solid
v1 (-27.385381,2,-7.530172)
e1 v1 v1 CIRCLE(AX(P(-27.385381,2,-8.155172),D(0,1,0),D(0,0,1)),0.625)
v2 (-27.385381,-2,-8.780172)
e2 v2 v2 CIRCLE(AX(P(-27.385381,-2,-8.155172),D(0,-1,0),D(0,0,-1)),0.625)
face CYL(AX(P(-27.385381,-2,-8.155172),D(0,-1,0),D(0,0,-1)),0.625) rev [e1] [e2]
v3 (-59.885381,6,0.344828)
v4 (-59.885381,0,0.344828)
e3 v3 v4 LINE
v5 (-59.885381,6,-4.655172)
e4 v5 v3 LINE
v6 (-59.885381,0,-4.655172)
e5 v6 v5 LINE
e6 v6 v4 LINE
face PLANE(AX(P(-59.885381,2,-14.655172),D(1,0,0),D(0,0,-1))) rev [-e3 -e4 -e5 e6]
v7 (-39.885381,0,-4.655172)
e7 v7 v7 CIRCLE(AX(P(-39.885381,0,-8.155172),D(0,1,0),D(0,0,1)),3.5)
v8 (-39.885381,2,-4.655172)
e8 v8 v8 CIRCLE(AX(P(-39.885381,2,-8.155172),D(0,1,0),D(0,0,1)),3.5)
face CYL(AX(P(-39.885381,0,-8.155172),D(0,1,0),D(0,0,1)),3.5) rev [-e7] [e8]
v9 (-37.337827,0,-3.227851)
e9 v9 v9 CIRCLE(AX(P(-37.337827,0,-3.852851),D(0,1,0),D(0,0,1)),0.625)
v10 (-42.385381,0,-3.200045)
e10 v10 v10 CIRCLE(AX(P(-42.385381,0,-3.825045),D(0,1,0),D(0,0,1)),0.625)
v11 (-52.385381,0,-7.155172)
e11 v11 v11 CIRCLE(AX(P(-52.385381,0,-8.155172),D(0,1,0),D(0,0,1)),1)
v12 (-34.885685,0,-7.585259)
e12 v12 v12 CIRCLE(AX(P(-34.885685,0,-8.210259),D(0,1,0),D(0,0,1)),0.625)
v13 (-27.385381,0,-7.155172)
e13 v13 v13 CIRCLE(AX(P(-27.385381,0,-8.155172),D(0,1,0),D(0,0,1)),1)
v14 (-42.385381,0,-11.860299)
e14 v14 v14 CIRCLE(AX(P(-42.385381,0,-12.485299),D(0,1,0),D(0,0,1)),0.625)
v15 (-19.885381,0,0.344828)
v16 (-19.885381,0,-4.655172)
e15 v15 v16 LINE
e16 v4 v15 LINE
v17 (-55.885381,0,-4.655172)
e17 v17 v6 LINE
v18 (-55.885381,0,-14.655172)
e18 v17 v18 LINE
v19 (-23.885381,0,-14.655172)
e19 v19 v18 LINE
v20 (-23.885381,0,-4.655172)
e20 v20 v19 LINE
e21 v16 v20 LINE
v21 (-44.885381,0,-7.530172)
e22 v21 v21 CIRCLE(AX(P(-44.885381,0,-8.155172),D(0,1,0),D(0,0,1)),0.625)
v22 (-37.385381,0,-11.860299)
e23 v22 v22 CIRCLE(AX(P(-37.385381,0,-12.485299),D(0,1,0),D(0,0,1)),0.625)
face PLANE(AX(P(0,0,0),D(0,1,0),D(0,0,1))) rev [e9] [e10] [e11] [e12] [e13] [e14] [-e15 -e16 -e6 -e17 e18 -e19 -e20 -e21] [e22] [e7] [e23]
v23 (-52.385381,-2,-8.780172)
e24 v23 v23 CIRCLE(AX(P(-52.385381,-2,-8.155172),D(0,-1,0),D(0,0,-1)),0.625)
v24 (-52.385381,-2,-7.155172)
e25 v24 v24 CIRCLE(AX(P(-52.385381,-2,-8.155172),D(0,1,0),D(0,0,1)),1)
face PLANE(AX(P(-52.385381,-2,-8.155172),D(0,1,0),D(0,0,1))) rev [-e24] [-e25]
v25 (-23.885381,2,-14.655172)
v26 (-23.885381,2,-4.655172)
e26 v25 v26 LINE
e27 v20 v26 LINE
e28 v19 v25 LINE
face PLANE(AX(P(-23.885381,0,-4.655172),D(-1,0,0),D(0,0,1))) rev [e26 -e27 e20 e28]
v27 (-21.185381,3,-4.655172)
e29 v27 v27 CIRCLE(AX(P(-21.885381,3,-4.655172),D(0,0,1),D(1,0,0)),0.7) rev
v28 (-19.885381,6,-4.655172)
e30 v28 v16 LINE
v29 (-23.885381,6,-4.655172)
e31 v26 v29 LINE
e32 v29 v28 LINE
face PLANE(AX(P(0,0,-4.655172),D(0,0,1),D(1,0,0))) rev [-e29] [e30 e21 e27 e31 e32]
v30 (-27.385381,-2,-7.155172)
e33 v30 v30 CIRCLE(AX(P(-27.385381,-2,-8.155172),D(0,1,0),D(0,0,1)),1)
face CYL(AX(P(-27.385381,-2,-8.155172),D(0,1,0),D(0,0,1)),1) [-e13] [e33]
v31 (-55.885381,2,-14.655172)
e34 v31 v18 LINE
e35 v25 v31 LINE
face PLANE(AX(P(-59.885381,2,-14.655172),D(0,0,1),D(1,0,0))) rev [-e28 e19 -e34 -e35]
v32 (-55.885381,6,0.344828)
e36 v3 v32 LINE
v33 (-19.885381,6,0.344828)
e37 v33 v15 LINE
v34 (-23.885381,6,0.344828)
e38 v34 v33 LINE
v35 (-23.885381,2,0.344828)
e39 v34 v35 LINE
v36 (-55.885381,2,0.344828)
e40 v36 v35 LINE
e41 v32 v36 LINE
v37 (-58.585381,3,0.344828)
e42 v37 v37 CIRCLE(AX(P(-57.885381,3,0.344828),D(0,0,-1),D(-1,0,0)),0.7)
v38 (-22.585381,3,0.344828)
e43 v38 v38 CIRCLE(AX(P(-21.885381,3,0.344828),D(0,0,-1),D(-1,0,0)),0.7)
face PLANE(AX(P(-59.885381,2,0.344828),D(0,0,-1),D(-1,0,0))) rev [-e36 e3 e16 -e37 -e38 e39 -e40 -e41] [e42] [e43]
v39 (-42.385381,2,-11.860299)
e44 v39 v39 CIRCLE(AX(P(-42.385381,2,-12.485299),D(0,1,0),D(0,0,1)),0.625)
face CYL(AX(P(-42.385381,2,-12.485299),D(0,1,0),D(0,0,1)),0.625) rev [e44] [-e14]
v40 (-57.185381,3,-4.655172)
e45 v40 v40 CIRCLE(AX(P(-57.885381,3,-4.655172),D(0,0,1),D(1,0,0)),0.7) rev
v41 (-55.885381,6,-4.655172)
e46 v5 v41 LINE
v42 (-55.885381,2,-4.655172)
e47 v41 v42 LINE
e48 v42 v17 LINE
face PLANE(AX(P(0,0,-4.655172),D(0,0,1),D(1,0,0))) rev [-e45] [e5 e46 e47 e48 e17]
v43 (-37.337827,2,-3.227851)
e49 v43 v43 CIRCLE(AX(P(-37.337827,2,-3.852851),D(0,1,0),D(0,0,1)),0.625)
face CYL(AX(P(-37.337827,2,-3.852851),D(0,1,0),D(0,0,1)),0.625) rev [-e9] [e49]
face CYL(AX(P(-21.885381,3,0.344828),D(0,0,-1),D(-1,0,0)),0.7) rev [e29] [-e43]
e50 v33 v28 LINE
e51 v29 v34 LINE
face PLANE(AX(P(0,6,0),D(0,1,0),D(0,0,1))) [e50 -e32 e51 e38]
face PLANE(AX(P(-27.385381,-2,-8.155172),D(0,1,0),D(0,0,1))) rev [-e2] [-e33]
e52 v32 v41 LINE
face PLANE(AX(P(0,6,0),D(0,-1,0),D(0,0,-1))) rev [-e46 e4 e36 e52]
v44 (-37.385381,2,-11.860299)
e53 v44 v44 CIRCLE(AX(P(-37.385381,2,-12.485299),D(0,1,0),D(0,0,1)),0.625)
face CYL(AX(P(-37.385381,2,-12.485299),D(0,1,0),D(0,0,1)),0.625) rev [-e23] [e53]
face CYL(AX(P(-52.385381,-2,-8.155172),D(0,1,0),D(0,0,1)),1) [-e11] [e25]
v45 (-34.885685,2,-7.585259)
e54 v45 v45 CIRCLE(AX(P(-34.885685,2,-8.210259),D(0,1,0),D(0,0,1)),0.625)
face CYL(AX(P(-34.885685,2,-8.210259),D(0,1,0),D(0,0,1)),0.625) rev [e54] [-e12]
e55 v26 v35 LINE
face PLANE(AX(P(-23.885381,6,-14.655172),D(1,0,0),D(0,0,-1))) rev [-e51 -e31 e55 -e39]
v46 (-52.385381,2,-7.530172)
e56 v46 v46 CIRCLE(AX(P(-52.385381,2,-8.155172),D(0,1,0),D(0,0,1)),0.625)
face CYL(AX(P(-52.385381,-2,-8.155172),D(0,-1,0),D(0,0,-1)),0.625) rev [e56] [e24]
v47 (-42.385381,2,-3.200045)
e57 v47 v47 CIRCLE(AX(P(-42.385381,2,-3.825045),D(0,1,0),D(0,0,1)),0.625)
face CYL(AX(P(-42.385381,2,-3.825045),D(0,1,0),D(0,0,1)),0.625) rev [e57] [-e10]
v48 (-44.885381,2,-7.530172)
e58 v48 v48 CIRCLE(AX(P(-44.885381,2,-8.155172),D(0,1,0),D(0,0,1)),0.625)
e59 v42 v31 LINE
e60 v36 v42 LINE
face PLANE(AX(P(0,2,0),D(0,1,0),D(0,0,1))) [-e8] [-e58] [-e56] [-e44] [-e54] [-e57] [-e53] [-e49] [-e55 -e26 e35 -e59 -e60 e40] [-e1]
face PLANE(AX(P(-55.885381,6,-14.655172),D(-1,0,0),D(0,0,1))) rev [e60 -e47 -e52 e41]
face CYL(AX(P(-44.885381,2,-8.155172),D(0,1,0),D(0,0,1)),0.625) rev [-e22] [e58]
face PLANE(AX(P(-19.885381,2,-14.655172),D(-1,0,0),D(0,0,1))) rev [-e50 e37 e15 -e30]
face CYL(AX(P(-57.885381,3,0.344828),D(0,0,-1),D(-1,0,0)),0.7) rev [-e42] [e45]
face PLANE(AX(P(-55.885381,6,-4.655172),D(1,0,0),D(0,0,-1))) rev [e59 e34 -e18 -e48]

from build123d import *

# Parameters (mm, degrees)
SKETCH1_W                = 40
SKETCH1_H                = 15
BOSS_EXTRUDE1_DEPTH      = 2
SKETCH2_R                = 3.5
CUT_EXTRUDE1_DEPTH       = 2
SKETCH3_W                = 4
SKETCH3_H                = 15
BOSS_EXTRUDE2_DEPTH      = 4
SKETCH4_R                = 0.7
CUT_EXTRUDE2_DEPTH       = 63.0262757
M1_6X0_35_TAPPED_HOLE5_D = 1.25
SKETCH38_R               = 1
BOSS_EXTRUDE4_DEPTH      = 4
M1_6X0_35_TAPPED_HOLE9_D = 1.25
SKETCH41_W               = 4
SKETCH41_H               = 6
CUT_EXTRUDE3_DEPTH       = 10


with BuildPart() as part:
    # Sketch1 → Boss-Extrude1 (new body)
    with BuildSketch(Plane(origin=(0, 0, 0), x_dir=(1, 0, 0), z_dir=(0, 1, 0))):
        with Locations((-39.885381165, 7.155172414)):
            Rectangle(SKETCH1_W, SKETCH1_H)
    extrude(amount=BOSS_EXTRUDE1_DEPTH)

    # Sketch2 → Cut-Extrude1 (cut)
    with BuildSketch(Plane(origin=(0, 2, 0), x_dir=(1, 0, 0), z_dir=(0, 1, 0))):
        with Locations((-39.885381165, 8.155172414)):
            Circle(SKETCH2_R)
    extrude(amount=-CUT_EXTRUDE1_DEPTH, mode=Mode.SUBTRACT)

    # Sketch3 → Boss-Extrude2 (add)
    with BuildSketch(Plane(origin=(0, 2, 0), x_dir=(1, 0, 0), z_dir=(0, 1, 0))):
        with Locations((-57.885381165, 7.155172414)):
            Rectangle(SKETCH3_W, SKETCH3_H)
        with Locations((-21.885381165, 7.155172414)):
            Rectangle(SKETCH3_W, SKETCH3_H)
    extrude(amount=BOSS_EXTRUDE2_DEPTH)

    # Sketch4 → Cut-Extrude2 (cut, through all)
    with BuildSketch(Plane(origin=(0, 0, -14.655172414), x_dir=(-1, 0, 0), z_dir=(0, 0, -1))):
        with Locations((57.885381165, 3)):
            Circle(SKETCH4_R)
        with Locations((21.885381165, 3)):
            Circle(SKETCH4_R)
    extrude(amount=-CUT_EXTRUDE2_DEPTH, mode=Mode.SUBTRACT)

    # M1.6x0.35 Tapped Hole5 (through all)
    with Locations(Plane(origin=(0, 2, 0), x_dir=(1, 0, 0), z_dir=(0, 1, 0))):
        with Locations((-42.385381165, 3.825045395), (-44.885381165, 8.155172414), (-37.337826877, 3.852851279), (-34.885684623, 8.210258577), (-42.385381165, 12.485299433), (-37.385381165, 12.485299433)):
            Hole(M1_6X0_35_TAPPED_HOLE5_D / 2)

    # Sketch38 → Boss-Extrude4 (add)
    with BuildSketch(Plane(origin=(0, 2, 0), x_dir=(1, 0, 0), z_dir=(0, 1, 0))):
        with Locations((-52.385381165, 8.155172414)):
            Circle(SKETCH38_R)
        with Locations((-27.385381165, 8.155172414)):
            Circle(SKETCH38_R)
    extrude(amount=-BOSS_EXTRUDE4_DEPTH)

    # M1.6x0.35 Tapped Hole9 (through all)
    with Locations(Plane(origin=(0, -2, 0), x_dir=(-1, 0, 0), z_dir=(0, -1, 0))):
        with Locations((52.385381165, 8.155172414), (27.385381165, 8.155172414)):
            Hole(M1_6X0_35_TAPPED_HOLE9_D / 2)

    # Sketch41 → Cut-Extrude3 (cut)
    with BuildSketch(Plane(origin=(0, 0, -14.655172414), x_dir=(-1, 0, 0), z_dir=(0, 0, -1))):
        with Locations((57.885381165, 3)):
            Rectangle(SKETCH41_W, SKETCH41_H)
        with Locations((21.885381165, 3)):
            Rectangle(SKETCH41_W, SKETCH41_H)
    extrude(amount=-CUT_EXTRUDE3_DEPTH, mode=Mode.SUBTRACT)


solid = part.part
